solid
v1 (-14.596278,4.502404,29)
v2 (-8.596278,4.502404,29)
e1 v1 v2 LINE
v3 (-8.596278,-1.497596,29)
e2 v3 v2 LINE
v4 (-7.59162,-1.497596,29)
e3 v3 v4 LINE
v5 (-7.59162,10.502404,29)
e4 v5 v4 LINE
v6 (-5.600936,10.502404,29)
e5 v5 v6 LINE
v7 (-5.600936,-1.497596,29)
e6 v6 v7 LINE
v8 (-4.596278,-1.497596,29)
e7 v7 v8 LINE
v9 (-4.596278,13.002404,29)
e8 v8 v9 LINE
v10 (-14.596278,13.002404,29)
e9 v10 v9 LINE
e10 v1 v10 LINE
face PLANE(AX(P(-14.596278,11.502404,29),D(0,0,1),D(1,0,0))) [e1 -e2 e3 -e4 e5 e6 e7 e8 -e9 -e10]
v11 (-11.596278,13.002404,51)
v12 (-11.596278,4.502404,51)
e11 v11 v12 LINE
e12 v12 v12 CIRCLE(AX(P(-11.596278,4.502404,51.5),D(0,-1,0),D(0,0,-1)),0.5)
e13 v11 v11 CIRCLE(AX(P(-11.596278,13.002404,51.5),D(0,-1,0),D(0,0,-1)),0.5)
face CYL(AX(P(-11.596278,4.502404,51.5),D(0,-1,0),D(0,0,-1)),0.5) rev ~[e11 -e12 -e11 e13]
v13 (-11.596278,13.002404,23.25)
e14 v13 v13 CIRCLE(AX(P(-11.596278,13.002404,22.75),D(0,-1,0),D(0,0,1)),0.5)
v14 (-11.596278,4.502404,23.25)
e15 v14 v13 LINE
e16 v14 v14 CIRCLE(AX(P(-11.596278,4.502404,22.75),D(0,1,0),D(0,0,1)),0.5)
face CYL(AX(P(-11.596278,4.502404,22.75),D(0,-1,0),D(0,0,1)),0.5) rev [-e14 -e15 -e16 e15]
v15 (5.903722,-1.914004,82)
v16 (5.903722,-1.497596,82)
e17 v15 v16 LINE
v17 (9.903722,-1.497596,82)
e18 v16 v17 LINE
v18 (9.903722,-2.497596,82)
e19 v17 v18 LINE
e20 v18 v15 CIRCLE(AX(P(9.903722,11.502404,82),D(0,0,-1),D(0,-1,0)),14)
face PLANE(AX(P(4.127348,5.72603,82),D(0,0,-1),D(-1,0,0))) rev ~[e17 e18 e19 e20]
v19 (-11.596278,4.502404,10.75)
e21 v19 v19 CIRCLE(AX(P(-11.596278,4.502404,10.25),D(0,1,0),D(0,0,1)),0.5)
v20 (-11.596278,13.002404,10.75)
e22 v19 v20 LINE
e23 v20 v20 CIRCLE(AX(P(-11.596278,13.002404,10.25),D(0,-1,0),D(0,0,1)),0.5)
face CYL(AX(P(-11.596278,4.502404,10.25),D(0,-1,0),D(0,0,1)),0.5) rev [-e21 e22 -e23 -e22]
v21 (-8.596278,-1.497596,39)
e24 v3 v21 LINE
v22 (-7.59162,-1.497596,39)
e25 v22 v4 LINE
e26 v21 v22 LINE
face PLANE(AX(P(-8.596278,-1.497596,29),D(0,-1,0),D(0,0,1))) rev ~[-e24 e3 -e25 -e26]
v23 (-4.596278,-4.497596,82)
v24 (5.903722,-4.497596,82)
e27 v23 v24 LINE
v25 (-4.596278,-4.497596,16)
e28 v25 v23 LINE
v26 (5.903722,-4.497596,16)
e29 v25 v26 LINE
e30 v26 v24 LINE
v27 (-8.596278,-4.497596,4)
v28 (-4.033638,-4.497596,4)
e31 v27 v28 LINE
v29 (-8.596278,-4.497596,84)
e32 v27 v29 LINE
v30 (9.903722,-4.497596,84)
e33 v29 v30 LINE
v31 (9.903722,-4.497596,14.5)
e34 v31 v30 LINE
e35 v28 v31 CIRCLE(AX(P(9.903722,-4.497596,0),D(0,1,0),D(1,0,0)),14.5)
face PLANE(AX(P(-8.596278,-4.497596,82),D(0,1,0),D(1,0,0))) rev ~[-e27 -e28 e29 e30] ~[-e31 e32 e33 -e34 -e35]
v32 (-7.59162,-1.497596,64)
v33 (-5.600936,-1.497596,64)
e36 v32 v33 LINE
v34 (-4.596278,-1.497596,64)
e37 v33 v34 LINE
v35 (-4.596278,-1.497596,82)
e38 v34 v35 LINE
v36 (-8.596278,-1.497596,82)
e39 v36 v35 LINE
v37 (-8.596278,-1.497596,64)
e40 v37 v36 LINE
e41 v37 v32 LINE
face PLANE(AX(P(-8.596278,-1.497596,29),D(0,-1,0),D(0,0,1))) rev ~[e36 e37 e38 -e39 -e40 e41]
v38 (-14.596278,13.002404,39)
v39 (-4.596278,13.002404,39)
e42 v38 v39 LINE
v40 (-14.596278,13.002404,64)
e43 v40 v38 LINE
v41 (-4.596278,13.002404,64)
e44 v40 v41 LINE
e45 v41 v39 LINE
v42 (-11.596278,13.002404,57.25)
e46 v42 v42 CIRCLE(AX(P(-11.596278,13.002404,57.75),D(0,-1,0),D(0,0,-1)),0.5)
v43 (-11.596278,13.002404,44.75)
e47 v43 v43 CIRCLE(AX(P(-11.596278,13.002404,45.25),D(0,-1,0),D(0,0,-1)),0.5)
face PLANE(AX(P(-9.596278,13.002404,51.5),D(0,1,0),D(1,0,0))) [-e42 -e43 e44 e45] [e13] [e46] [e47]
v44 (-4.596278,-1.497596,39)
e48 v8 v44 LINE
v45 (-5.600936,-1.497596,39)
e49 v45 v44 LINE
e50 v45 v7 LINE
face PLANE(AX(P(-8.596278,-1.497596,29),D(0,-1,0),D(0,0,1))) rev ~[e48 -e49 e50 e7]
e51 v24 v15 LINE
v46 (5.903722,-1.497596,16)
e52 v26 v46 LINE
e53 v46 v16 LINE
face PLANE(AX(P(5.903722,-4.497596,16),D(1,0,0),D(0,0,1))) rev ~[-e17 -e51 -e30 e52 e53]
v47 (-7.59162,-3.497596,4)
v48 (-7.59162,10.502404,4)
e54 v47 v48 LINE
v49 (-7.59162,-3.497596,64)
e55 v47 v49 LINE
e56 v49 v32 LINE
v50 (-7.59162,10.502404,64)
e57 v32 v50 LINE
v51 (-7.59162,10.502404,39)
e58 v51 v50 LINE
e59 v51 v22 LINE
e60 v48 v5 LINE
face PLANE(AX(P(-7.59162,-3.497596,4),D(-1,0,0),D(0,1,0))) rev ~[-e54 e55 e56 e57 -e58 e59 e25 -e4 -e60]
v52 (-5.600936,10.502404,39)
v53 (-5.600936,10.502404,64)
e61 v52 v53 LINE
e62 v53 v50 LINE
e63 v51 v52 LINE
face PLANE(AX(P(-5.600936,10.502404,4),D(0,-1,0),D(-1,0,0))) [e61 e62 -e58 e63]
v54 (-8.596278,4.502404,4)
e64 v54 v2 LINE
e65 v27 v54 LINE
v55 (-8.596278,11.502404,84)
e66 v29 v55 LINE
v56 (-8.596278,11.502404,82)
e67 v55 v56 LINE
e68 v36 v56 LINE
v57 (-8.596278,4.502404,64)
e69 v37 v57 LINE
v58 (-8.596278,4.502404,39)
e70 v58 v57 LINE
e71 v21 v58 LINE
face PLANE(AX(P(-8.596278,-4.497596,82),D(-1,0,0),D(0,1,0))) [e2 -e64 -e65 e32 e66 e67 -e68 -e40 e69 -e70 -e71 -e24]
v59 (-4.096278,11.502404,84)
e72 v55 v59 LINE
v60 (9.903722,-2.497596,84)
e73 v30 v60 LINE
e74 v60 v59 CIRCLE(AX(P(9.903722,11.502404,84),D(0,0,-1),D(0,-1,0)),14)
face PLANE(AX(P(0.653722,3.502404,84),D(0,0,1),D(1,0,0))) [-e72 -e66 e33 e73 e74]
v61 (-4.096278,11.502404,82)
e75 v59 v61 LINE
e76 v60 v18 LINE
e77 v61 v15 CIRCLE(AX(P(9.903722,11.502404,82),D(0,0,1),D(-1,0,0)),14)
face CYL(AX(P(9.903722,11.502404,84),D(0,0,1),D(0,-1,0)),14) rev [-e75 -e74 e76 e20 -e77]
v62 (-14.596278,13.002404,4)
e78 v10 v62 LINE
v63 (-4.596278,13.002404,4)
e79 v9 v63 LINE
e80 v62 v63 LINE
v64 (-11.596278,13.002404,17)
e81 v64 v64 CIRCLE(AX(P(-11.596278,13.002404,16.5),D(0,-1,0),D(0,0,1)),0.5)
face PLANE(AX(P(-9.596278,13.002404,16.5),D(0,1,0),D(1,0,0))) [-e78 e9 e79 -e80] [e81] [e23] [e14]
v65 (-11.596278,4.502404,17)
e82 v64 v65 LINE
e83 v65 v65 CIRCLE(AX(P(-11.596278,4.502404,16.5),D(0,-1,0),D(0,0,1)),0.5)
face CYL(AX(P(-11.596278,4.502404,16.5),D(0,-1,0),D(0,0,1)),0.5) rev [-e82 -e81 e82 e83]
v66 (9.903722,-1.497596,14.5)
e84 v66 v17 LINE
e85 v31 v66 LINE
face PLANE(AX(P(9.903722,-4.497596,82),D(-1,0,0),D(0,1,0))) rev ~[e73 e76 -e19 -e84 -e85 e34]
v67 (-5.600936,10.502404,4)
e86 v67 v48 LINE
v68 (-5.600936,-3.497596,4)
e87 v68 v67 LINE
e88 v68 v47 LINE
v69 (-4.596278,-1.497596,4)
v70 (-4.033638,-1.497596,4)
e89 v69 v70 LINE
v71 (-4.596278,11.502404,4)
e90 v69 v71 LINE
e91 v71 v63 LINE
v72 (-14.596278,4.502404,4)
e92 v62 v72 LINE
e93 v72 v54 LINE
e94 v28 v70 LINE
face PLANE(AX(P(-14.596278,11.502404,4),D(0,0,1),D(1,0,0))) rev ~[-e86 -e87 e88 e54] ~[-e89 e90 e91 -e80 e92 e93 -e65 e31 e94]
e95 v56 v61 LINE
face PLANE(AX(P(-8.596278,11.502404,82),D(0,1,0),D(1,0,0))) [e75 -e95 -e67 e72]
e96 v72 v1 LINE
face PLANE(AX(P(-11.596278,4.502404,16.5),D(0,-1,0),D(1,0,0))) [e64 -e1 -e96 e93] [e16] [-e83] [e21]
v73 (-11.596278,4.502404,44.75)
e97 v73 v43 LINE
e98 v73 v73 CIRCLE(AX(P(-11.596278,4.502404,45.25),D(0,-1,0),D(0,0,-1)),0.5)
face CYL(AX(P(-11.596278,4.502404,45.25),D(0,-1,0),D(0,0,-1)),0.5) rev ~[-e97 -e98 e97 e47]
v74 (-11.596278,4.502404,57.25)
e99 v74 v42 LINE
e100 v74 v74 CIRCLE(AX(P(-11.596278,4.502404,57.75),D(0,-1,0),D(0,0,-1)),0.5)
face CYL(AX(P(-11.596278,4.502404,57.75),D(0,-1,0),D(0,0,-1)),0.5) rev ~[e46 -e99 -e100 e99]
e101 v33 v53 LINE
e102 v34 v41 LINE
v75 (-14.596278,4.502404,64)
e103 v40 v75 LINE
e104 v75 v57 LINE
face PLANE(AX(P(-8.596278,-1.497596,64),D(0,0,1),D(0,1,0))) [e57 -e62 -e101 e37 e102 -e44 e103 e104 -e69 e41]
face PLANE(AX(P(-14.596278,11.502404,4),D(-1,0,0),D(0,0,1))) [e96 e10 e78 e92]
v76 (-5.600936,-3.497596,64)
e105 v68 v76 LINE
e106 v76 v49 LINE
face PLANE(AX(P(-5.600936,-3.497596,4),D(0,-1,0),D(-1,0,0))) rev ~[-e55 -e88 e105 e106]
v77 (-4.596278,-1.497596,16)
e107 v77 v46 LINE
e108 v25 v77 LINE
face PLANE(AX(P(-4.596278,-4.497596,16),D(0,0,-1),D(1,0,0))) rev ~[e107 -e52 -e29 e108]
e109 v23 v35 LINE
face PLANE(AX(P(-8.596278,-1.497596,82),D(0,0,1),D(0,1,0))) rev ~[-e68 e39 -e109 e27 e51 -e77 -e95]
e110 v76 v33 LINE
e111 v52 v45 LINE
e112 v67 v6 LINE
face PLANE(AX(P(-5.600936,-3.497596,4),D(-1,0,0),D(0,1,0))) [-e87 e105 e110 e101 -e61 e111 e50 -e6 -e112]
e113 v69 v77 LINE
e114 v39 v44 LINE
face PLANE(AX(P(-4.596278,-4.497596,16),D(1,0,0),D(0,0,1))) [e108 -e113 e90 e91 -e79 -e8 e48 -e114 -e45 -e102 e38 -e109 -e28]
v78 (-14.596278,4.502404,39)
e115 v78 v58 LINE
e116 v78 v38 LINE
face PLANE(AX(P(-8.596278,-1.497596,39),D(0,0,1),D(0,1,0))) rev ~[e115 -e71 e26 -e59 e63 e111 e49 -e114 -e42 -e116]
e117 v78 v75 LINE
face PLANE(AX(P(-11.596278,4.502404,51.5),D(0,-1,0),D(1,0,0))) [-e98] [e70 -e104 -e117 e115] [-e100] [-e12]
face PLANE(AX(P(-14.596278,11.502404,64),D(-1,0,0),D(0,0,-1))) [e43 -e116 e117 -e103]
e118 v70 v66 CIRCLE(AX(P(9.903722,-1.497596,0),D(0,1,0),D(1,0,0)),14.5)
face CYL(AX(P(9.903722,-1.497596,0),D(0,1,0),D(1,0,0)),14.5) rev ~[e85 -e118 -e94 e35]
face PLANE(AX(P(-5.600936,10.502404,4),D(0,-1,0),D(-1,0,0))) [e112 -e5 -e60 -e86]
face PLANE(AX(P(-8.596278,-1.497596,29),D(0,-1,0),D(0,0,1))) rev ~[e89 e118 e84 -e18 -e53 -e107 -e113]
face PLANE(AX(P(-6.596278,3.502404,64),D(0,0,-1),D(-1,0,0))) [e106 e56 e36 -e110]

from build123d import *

# Parameters (mm, degrees)
SALIENTE_EXTRUIR1_DEPTH = 82
CROQUIS3_W              = 10
CROQUIS3_H              = 25
SALIENTE_EXTRUIR2_DEPTH = 1.5
CROQUIS4_W              = 18.5
CROQUIS4_H              = 16
SALIENTE_EXTRUIR3_DEPTH = 2
CROQUIS5_R              = 14.5
CORTAR_EXTRUIR1_DEPTH   = 87.482953955
CROQUIS13_W             = 7.672796091
CROQUIS13_H             = 18.470403829
CROQUIS13_W_2           = 10
CROQUIS13_H_2           = 13
CROQUIS13_W_3           = 18
CORTAR_EXTRUIR9_DEPTH   = 13
CORTAR_EXTRUIR10_DEPTH  = 2
CROQUIS15_W             = 1.990683477
CROQUIS15_H             = 14
CORTAR_EXTRUIR11_DEPTH  = 60
CROQUIS16_W             = 10.5
CROQUIS16_H             = 66
CORTAR_EXTRUIR12_DEPTH  = 10
CROQUIS19_W             = 6
CROQUIS19_H             = 25
SALIENTE_EXTRUIR7_DEPTH = 7
CROQUIS23_R             = 0.5
CORTAR_EXTRUIR13_DEPTH  = 86.732440329


with BuildPart() as part:
    # Croquis2 → Saliente-Extruir1 (new body)
    with BuildSketch(Plane.XY):
        Polygon((-4.596277774, 11.502403514), (-4.596277774, -1.497596486), (9.903722226, -1.497596486), (9.903722226, -4.497596486), (-4.596277774, -4.497596486), (-8.596277774, -4.497596486), (-8.596277774, 11.502403514), align=None)
    extrude(amount=SALIENTE_EXTRUIR1_DEPTH)

    # Croquis3 → Saliente-Extruir2 (add)
    with BuildSketch(Plane(origin=(0, 11.502403514, 0), x_dir=(1, 0, 0), z_dir=(0, 1, 0))):
        with Locations((-9.596277774, -16.5)):
            Rectangle(CROQUIS3_W, CROQUIS3_H)
        with Locations((-9.596277774, -51.5)):
            Rectangle(CROQUIS3_W, CROQUIS3_H)
    extrude(amount=SALIENTE_EXTRUIR2_DEPTH)

    # Croquis4 → Saliente-Extruir3 (add)
    with BuildSketch(Plane.XY.offset(82)):
        with Locations((0.653722226, 3.502403514)):
            Rectangle(CROQUIS4_W, CROQUIS4_H)
    extrude(amount=SALIENTE_EXTRUIR3_DEPTH)

    # Croquis5 → Cortar-Extruir1 (cut, through all)
    with BuildSketch(Plane(origin=(0, -1.497596486, 0), x_dir=(1, 0, 0), z_dir=(0, 1, 0))):
        with Locations((9.903722226, 0)):
            Circle(CROQUIS5_R)
    extrude(amount=-CORTAR_EXTRUIR1_DEPTH, mode=Mode.SUBTRACT)

    # Croquis13 → Cortar-Extruir9 (cut)
    with BuildSketch(Plane.ZY.offset(8.596277774)):
        with Locations((0.163601954, 2.2672016)):
            Rectangle(CROQUIS13_W, CROQUIS13_H)
        with Locations((34, 5.002403514)):
            Rectangle(CROQUIS13_W_2, CROQUIS13_H_2)
        with Locations((73, 5.002403514)):
            Rectangle(CROQUIS13_W_3, CROQUIS13_H_2)
    extrude(amount=-CORTAR_EXTRUIR9_DEPTH, mode=Mode.SUBTRACT)

    # Croquis14 → Cortar-Extruir10 (cut)
    with BuildSketch(Plane.XY.offset(84)):
        with BuildLine():
            Line((-4.096277774, 11.502403514), (9.903722226, 11.502403514))
            Line((9.903722226, 11.502403514), (9.903722226, -2.497596486))
            ThreePointArc((9.903722226, -2.497596486), (0.00422729, 1.602908577), (-4.096277774, 11.502403514))
        make_face()
    extrude(amount=-CORTAR_EXTRUIR10_DEPTH, mode=Mode.SUBTRACT)

    # Croquis15 → Cortar-Extruir11 (cut)
    with BuildSketch(Plane(origin=(0, 0, 4), x_dir=(-1, 0, 0), z_dir=(0, 0, -1))):
        with Locations((6.596277774, 3.502403514)):
            Rectangle(CROQUIS15_W, CROQUIS15_H)
    extrude(amount=-CORTAR_EXTRUIR11_DEPTH, mode=Mode.SUBTRACT)

    # Croquis16 → Cortar-Extruir12 (cut)
    with BuildSketch(Plane.XZ.offset(4.497596486)):
        with Locations((0.653722226, 49)):
            Rectangle(CROQUIS16_W, CROQUIS16_H)
    extrude(amount=-CORTAR_EXTRUIR12_DEPTH, mode=Mode.SUBTRACT)

    # Croquis19 → Saliente-Extruir7 (add)
    with BuildSketch(Plane.XZ.offset(-11.502403514)):
        with Locations((-11.596277774, 16.5)):
            Rectangle(CROQUIS19_W, CROQUIS19_H)
        with Locations((-11.596277774, 51.5)):
            Rectangle(CROQUIS19_W, CROQUIS19_H)
    extrude(amount=SALIENTE_EXTRUIR7_DEPTH)

    # Croquis23 → Cortar-Extruir13 (cut, symmetric)
    with BuildSketch(Plane.XZ.offset(-4.502403514)):
        with Locations(Location((-11.596277774, 45.25, 0), (0, 0, 270))):
            Circle(CROQUIS23_R)
        with Locations(Location((-11.596277774, 57.75, 0), (0, 0, 270))):
            Circle(CROQUIS23_R)
        with Locations(Location((-11.596277774, 51.5, 0), (0, 0, 270))):
            Circle(CROQUIS23_R)
    cortar_extruir13 = extrude(amount=CORTAR_EXTRUIR13_DEPTH, both=True, mode=Mode.SUBTRACT)

    # Simetría1: Cortar-Extruir13 across plane
    add(cortar_extruir13.mirror(Plane(origin=(0, 0, 34), x_dir=(1, 0, 0), z_dir=(0, 0, -1))), mode=Mode.SUBTRACT)


solid = part.part
